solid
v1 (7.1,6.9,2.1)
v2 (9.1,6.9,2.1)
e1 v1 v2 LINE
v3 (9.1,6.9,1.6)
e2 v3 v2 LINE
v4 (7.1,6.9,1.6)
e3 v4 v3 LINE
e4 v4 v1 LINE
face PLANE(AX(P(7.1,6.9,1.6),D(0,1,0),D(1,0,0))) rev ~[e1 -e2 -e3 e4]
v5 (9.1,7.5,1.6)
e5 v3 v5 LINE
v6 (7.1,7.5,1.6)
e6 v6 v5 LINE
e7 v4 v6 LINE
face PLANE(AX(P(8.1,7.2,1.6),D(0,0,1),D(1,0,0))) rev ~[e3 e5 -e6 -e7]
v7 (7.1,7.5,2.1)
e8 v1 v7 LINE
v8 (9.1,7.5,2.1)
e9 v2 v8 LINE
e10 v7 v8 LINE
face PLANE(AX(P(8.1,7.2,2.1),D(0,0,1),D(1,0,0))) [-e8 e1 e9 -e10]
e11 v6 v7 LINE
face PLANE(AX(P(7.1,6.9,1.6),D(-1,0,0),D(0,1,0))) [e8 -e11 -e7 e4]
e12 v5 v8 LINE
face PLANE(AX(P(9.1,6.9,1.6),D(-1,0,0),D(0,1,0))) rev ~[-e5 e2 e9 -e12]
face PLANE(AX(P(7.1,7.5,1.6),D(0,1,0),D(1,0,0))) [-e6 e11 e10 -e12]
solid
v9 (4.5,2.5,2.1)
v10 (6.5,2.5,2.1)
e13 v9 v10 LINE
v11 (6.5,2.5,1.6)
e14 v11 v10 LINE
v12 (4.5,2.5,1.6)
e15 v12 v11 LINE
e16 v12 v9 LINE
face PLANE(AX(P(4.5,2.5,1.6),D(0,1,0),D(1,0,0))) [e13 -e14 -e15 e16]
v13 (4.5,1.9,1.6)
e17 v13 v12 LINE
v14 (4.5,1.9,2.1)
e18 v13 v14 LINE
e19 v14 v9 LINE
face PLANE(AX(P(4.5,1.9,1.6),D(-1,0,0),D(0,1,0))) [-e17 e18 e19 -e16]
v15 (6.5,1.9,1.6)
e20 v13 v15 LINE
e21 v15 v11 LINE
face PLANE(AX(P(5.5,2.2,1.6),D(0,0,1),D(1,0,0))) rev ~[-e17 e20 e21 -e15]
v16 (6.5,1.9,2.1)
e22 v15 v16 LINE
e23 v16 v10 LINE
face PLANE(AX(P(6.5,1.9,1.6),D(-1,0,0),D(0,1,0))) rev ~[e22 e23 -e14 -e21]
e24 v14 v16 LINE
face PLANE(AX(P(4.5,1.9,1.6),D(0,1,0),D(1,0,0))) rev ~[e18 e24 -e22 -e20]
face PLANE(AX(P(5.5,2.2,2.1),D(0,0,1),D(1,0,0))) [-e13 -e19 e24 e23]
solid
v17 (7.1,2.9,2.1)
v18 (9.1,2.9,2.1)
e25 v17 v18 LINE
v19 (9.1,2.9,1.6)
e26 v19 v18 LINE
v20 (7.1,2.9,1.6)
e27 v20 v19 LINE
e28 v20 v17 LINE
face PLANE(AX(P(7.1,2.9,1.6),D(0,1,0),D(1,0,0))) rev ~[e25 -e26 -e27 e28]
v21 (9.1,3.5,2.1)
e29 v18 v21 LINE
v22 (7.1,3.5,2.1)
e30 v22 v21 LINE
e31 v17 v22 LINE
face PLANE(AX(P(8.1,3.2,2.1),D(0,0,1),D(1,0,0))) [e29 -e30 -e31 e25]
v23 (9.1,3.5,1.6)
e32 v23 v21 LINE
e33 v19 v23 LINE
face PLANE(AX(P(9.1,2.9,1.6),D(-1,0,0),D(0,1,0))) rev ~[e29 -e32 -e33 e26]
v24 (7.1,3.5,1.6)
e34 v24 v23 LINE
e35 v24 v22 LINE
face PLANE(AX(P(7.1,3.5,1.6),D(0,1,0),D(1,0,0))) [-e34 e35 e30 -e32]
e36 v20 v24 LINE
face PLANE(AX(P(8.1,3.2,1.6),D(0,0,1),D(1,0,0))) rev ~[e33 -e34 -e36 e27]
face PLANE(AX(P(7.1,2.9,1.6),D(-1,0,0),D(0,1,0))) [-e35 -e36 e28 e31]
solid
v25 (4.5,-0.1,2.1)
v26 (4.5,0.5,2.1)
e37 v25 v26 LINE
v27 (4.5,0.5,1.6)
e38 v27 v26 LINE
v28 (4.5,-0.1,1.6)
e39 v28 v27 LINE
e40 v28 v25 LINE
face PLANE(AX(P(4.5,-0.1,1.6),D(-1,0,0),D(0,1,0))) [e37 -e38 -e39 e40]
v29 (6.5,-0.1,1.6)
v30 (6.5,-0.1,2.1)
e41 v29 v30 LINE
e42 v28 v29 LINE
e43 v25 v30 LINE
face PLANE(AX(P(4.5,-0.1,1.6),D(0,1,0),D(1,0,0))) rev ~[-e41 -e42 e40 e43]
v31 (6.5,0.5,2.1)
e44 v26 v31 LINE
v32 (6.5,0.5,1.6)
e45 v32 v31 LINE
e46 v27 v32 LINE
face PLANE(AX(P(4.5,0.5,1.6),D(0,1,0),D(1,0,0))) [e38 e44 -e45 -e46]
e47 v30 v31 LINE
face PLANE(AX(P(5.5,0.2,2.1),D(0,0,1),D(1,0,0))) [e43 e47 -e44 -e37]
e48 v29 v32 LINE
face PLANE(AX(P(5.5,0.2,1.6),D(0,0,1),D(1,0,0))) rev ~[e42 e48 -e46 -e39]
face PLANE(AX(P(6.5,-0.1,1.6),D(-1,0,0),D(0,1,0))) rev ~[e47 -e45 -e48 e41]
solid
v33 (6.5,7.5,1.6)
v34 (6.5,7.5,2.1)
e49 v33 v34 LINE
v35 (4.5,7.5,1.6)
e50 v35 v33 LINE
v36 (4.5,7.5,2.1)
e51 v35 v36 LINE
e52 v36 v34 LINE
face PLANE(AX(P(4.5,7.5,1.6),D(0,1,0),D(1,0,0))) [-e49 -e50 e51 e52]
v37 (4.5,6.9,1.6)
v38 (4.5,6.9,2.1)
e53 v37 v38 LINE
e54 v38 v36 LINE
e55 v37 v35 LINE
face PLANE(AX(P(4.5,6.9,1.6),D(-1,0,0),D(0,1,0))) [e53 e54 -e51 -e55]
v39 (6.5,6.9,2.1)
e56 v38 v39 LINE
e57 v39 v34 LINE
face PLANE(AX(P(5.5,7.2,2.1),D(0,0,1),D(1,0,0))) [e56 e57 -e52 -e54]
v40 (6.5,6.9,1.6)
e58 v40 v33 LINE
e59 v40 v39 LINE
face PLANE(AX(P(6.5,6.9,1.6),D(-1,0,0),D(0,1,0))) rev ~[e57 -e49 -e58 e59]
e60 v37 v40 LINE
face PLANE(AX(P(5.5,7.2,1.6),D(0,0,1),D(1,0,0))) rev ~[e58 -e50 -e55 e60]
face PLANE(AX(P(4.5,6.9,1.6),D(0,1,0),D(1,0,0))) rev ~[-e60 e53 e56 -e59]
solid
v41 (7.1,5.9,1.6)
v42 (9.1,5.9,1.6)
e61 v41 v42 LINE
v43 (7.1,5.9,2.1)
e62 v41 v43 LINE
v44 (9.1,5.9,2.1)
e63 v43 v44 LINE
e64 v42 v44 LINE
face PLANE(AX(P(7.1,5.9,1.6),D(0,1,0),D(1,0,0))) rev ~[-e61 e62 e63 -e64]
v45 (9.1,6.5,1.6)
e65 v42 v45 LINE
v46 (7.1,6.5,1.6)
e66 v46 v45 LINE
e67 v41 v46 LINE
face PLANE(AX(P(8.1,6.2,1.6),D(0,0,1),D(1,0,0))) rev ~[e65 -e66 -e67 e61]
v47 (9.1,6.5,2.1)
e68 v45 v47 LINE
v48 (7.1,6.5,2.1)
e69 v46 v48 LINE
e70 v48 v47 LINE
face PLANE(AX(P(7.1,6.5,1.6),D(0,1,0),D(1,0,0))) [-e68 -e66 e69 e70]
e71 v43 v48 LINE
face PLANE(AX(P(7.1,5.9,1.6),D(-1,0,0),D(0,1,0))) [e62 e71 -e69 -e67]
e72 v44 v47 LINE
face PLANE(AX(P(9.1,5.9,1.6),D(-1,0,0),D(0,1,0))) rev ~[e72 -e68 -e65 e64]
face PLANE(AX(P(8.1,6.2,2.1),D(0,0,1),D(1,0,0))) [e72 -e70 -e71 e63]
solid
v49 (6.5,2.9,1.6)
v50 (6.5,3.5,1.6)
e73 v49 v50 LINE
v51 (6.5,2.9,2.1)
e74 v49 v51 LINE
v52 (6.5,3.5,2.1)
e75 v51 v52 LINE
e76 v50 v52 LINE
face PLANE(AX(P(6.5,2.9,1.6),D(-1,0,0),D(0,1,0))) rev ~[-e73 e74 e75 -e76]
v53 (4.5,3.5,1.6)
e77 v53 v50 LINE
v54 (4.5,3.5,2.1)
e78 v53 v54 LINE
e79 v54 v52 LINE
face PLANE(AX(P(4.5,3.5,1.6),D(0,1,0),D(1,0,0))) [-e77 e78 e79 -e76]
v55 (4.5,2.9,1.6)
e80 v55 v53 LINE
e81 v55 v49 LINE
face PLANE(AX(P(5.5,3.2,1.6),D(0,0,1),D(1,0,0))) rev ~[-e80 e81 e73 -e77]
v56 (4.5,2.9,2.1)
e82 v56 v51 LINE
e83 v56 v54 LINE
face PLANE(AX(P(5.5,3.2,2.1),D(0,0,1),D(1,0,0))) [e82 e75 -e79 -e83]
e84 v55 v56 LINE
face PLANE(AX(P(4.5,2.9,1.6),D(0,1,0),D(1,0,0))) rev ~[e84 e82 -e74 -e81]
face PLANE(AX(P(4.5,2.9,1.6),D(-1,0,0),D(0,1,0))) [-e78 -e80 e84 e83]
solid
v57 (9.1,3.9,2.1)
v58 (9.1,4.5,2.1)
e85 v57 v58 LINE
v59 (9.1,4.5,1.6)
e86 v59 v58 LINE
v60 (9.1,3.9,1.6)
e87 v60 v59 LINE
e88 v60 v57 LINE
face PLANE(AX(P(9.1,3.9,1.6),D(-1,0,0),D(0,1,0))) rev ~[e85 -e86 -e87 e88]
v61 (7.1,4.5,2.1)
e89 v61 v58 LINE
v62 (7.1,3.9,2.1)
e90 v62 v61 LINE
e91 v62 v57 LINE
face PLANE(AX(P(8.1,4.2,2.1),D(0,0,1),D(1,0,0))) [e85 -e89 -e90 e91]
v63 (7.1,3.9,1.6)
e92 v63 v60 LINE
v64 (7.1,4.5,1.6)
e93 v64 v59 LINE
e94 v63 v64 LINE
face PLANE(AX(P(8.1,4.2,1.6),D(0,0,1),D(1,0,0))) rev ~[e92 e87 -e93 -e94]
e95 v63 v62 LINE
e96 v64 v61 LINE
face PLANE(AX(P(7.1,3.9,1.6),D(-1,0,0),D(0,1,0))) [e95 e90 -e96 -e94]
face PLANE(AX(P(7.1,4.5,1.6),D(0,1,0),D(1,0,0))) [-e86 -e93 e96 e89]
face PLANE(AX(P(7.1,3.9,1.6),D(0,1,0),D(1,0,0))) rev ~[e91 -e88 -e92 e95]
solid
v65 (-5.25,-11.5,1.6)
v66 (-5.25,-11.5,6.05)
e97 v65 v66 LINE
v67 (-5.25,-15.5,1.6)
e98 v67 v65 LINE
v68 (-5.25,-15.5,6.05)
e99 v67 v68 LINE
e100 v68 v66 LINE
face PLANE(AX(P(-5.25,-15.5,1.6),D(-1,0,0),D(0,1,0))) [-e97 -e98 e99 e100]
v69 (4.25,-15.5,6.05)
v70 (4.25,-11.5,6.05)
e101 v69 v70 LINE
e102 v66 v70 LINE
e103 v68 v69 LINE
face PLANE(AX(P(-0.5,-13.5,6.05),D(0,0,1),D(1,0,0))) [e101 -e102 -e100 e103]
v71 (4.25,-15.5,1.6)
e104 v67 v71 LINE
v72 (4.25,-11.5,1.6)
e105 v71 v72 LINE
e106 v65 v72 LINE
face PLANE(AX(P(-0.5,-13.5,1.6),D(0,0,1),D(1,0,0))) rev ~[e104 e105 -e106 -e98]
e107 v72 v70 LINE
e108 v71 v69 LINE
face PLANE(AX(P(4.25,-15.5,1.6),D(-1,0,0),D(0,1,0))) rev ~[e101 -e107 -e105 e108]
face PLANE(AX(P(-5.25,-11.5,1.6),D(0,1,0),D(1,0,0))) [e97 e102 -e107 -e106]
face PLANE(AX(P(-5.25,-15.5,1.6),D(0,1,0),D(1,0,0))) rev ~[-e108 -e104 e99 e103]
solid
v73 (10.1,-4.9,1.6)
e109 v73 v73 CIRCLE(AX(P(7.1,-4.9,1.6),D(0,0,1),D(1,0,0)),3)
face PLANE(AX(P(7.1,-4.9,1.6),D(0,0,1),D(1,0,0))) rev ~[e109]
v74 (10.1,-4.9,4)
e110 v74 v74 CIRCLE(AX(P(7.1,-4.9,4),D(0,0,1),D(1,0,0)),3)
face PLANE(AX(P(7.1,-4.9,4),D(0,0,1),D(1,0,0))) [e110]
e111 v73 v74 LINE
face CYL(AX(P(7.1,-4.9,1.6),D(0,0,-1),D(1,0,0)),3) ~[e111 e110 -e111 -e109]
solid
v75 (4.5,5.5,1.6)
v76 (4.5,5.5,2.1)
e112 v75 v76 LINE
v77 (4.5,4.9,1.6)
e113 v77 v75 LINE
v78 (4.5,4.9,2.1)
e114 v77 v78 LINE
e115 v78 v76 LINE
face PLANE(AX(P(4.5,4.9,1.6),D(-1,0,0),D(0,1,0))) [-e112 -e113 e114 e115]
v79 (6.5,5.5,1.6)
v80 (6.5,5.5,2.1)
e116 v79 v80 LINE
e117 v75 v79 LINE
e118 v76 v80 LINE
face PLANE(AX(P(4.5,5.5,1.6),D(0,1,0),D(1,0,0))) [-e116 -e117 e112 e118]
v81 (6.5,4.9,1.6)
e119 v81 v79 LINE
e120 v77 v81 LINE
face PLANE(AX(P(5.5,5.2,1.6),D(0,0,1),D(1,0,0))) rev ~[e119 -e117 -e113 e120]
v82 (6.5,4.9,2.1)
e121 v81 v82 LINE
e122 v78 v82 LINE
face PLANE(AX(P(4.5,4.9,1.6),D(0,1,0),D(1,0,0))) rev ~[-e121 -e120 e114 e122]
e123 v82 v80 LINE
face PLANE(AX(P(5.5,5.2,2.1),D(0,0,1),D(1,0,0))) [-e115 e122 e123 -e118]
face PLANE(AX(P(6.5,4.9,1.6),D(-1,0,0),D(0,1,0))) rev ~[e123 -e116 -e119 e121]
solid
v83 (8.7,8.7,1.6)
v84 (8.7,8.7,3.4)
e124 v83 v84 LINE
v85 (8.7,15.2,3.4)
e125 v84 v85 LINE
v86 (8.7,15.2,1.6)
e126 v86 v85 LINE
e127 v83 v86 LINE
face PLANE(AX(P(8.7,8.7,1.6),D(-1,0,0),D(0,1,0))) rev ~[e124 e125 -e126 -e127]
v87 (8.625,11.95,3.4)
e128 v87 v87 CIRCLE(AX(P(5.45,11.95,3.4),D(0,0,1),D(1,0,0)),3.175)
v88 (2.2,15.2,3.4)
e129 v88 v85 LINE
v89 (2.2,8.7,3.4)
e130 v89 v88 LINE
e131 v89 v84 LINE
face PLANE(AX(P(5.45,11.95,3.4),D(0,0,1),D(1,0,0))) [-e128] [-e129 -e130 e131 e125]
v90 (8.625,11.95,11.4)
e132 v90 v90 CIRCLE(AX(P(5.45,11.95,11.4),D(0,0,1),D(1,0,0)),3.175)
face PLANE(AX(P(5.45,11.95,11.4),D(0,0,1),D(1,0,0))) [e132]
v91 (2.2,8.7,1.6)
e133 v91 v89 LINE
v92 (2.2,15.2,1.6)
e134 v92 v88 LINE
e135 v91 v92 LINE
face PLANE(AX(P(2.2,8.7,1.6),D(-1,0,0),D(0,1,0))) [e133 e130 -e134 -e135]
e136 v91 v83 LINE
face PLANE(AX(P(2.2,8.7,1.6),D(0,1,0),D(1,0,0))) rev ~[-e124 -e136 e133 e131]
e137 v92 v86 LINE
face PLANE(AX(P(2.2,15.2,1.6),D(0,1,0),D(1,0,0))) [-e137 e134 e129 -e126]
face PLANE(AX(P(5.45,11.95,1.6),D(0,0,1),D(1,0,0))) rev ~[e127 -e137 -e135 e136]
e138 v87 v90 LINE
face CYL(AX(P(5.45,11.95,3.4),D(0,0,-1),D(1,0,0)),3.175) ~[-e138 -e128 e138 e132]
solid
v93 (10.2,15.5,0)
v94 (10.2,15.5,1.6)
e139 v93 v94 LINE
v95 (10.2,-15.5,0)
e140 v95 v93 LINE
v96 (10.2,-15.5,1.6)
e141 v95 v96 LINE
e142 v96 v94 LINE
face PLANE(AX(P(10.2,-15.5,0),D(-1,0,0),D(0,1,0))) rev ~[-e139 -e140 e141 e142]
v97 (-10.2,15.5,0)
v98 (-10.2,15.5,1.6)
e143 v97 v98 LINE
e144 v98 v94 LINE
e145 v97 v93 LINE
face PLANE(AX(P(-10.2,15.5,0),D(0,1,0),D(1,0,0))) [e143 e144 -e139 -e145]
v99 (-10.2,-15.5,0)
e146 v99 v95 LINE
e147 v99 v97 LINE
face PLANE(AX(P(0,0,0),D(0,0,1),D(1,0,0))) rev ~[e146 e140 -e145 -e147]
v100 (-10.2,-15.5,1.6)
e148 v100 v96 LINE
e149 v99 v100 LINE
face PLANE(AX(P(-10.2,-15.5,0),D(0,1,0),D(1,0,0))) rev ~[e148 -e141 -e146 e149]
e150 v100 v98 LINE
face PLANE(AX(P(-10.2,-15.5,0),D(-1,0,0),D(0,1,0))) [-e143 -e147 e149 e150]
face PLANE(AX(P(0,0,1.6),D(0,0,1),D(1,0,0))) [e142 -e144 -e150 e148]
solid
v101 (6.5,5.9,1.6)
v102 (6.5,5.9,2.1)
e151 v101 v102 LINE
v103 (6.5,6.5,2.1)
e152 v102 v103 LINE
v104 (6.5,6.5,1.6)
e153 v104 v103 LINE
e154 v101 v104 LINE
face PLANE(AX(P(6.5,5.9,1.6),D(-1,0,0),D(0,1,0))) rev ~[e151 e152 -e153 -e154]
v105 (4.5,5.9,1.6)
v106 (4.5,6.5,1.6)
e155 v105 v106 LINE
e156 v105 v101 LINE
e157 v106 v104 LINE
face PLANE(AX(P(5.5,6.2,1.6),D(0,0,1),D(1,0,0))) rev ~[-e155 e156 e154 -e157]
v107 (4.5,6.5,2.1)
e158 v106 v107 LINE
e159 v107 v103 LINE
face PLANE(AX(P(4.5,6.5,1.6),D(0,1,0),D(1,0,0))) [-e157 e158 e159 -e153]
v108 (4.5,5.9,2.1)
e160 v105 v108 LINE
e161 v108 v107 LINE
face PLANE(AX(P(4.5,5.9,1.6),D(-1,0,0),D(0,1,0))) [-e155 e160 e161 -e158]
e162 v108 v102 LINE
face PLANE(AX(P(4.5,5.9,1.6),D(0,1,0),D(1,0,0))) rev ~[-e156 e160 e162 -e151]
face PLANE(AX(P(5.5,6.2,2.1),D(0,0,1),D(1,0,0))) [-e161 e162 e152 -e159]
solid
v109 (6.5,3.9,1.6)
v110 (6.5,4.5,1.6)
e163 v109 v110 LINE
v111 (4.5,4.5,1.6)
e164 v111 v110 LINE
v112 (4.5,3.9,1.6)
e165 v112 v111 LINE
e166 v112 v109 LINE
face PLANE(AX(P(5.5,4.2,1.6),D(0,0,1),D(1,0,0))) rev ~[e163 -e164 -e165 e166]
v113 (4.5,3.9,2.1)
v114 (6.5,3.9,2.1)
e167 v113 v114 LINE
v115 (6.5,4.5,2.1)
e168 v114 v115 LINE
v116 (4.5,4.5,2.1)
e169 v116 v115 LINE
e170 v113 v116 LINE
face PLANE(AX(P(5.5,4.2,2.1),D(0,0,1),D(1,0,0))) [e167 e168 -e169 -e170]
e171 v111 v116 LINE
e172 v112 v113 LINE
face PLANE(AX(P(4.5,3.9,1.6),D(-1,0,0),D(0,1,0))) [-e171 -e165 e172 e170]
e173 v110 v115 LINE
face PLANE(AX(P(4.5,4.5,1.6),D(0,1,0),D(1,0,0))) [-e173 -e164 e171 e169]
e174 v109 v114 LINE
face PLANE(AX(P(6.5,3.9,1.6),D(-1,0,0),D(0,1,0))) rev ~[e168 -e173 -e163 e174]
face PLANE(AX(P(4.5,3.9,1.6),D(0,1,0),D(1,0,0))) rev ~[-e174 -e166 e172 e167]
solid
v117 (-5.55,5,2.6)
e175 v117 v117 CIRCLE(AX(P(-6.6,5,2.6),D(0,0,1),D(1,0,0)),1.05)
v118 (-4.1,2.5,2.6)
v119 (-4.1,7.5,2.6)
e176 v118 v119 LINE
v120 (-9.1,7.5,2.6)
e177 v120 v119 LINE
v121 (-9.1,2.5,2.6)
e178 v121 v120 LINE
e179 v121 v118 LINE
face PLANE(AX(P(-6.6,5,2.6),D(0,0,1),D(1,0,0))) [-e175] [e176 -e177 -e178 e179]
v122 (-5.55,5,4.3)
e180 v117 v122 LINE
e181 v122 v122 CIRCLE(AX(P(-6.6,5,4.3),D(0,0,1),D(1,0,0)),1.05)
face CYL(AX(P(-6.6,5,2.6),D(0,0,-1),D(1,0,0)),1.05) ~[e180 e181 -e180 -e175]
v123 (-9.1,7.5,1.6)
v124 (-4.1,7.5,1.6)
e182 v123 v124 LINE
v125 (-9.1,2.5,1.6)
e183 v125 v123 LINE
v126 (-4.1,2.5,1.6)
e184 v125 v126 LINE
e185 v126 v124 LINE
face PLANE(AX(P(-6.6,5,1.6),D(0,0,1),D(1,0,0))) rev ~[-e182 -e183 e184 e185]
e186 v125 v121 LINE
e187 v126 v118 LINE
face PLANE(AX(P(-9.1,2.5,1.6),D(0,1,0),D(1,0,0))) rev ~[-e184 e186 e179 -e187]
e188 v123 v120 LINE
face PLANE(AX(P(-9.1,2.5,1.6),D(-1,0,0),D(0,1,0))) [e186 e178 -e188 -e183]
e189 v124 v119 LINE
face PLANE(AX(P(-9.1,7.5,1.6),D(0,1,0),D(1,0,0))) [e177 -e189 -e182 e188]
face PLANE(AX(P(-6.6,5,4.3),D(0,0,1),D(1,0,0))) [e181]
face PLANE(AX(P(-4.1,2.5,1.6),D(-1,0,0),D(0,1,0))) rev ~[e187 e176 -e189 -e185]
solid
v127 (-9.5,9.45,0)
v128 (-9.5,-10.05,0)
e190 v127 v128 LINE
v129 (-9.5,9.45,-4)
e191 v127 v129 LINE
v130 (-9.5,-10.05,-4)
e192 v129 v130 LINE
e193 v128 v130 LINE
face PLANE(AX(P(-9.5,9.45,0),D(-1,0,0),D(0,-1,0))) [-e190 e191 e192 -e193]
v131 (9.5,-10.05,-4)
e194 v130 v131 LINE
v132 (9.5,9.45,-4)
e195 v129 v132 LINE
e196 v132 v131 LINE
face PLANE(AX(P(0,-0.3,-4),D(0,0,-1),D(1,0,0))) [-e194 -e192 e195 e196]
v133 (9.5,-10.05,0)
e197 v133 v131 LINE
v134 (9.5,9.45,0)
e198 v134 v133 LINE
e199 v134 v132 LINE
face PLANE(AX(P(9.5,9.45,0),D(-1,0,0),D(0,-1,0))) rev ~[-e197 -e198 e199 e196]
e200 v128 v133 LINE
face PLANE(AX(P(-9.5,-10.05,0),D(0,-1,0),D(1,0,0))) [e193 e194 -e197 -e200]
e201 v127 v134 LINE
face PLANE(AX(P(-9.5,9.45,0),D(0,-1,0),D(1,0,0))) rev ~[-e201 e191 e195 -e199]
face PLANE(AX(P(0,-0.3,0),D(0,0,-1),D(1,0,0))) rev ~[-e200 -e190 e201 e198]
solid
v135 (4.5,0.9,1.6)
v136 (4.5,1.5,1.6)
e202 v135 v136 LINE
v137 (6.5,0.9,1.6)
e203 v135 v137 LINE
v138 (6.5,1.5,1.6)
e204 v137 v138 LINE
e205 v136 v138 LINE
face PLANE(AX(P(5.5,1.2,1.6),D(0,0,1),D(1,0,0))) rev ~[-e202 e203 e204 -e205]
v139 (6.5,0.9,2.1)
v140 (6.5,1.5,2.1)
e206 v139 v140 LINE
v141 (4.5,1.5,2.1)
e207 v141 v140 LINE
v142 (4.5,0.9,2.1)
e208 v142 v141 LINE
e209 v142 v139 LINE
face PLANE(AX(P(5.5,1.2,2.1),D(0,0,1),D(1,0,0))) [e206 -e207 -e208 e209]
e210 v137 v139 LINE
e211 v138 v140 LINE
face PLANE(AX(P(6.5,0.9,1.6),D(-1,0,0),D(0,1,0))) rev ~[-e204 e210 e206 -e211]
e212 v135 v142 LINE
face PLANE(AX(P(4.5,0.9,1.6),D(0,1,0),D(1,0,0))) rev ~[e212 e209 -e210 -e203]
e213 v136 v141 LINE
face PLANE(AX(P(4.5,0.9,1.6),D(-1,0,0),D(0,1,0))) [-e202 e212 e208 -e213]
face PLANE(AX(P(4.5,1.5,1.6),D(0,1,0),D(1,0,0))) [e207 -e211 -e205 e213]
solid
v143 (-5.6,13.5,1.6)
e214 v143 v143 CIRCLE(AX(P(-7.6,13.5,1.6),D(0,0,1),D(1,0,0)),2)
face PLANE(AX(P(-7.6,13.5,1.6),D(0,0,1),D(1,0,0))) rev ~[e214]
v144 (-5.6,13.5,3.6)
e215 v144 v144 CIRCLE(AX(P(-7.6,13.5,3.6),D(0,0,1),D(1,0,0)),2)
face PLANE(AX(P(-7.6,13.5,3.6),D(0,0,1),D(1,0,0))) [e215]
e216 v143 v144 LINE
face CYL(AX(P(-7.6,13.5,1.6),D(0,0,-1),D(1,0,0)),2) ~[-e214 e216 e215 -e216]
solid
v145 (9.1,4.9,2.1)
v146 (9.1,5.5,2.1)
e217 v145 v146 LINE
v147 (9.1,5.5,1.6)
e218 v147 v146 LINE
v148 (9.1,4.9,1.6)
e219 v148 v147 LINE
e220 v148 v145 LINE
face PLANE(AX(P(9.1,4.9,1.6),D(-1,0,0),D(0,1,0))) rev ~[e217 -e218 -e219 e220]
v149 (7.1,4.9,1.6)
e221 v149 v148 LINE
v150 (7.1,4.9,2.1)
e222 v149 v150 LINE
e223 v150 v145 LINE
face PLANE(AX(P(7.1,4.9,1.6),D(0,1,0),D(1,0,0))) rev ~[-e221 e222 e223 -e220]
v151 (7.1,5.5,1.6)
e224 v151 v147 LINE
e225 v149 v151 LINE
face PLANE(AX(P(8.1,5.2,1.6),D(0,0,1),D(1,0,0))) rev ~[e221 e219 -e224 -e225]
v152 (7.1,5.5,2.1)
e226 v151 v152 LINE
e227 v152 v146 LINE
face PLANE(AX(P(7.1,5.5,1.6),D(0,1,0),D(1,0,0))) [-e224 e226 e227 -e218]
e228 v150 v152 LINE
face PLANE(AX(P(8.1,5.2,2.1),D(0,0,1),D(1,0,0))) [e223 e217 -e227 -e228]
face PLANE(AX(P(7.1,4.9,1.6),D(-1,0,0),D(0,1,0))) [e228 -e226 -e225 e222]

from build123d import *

# Parameters (mm, degrees)
F0_W      = 20.4
F0_H      = 31
F1_DEPTH  = 1.6
F2_W      = 6.5
F2_H      = 6.5
F3_DEPTH  = 1.8
F4_R      = 3.175
F5_DEPTH  = 8
F6_R      = 2
F7_DEPTH  = 2
F8_W      = 9.5
F8_H      = 4
F9_DEPTH  = 4.45
F10_W     = 5
F10_H     = 5
F11_DEPTH = 1
F12_R     = 1.05
F13_DEPTH = 1.7
F14_R     = 3
F15_DEPTH = 2.4
F16_W     = 19
F16_H     = 19.5
F17_DEPTH = 4
F18_W     = 2
F18_H     = 0.6
F19_DEPTH = 0.5


with BuildPart() as f1:
    # F0 (on Top) → F1 (new body)
    with BuildSketch(Plane.XY):
        Rectangle(F0_W, F0_H)
    extrude(amount=F1_DEPTH)


with BuildPart() as f3:
    # F2 (on face) → F3 (new body)
    with BuildSketch(Plane.XY.offset(1.6)):
        with Locations((5.45, 11.95)):
            Rectangle(F2_W, F2_H)
    extrude(amount=F3_DEPTH)

    # F4 (on face) → F5 (join)
    with BuildSketch(Plane.XY.offset(3.4)):
        with Locations((5.45, 11.95)):
            Circle(F4_R)
    extrude(amount=F5_DEPTH)


with BuildPart() as f7:
    # F6 (on face) → F7 (new body)
    with BuildSketch(Plane.XY.offset(1.6)):
        with Locations((-7.6, 13.5)):
            Circle(F6_R)
    extrude(amount=F7_DEPTH)


with BuildPart() as f9:
    # F8 (on face) → F9 (new body)
    with BuildSketch(Plane.XY.offset(1.6)):
        with Locations((-0.5, -13.5)):
            Rectangle(F8_W, F8_H)
    extrude(amount=F9_DEPTH)


with BuildPart() as f11:
    # F10 (on face) → F11 (new body)
    with BuildSketch(Plane.XY.offset(1.6)):
        with Locations((-6.6, 5)):
            Rectangle(F10_W, F10_H)
    extrude(amount=F11_DEPTH)

    # F12 (on face) → F13 (join)
    with BuildSketch(Plane.XY.offset(2.6)):
        with Locations((-6.6, 5)):
            Circle(F12_R)
    extrude(amount=F13_DEPTH)


with BuildPart() as f15:
    # F14 (on face) → F15 (new body)
    with BuildSketch(Plane.XY.offset(1.6)):
        with Locations((7.1, -4.9)):
            Circle(F14_R)
    extrude(amount=F15_DEPTH)


with BuildPart() as f17:
    # F16 (on face) → F17 (new body)
    with BuildSketch(Plane(origin=(0, 0, 0), x_dir=(1, 0, 0), z_dir=(0, 0, -1))):
        with Locations((0, 0.3)):
            Rectangle(F16_W, F16_H)
    extrude(amount=F17_DEPTH)


with BuildPart() as f19:
    # F18 (on face) → F19 (new body)
    with BuildSketch(Plane.XY.offset(1.6)):
        with Locations((8.1, 7.2)):
            Rectangle(F18_W, F18_H)
        with Locations((8.1, 6.2)):
            Rectangle(F18_W, F18_H)
        with Locations((8.1, 5.2)):
            Rectangle(F18_W, F18_H)
        with Locations((8.1, 4.2)):
            Rectangle(F18_W, F18_H)
        with Locations((8.1, 3.2)):
            Rectangle(F18_W, F18_H)
        with Locations((5.5, 7.2)):
            Rectangle(F18_W, F18_H)
        with Locations((5.5, 6.2)):
            Rectangle(F18_W, F18_H)
        with Locations((5.5, 5.2)):
            Rectangle(F18_W, F18_H)
        with Locations((5.5, 4.2)):
            Rectangle(F18_W, F18_H)
        with Locations((5.5, 3.2)):
            Rectangle(F18_W, F18_H)
        with Locations((5.5, 2.2)):
            Rectangle(F18_W, F18_H)
        with Locations((5.5, 1.2)):
            Rectangle(F18_W, F18_H)
        with Locations((5.5, 0.2)):
            Rectangle(F18_W, F18_H)
    extrude(amount=F19_DEPTH)


solid = Compound([f1.part, f3.part, f7.part, f9.part, f11.part, f15.part, f17.part, f19.part])
